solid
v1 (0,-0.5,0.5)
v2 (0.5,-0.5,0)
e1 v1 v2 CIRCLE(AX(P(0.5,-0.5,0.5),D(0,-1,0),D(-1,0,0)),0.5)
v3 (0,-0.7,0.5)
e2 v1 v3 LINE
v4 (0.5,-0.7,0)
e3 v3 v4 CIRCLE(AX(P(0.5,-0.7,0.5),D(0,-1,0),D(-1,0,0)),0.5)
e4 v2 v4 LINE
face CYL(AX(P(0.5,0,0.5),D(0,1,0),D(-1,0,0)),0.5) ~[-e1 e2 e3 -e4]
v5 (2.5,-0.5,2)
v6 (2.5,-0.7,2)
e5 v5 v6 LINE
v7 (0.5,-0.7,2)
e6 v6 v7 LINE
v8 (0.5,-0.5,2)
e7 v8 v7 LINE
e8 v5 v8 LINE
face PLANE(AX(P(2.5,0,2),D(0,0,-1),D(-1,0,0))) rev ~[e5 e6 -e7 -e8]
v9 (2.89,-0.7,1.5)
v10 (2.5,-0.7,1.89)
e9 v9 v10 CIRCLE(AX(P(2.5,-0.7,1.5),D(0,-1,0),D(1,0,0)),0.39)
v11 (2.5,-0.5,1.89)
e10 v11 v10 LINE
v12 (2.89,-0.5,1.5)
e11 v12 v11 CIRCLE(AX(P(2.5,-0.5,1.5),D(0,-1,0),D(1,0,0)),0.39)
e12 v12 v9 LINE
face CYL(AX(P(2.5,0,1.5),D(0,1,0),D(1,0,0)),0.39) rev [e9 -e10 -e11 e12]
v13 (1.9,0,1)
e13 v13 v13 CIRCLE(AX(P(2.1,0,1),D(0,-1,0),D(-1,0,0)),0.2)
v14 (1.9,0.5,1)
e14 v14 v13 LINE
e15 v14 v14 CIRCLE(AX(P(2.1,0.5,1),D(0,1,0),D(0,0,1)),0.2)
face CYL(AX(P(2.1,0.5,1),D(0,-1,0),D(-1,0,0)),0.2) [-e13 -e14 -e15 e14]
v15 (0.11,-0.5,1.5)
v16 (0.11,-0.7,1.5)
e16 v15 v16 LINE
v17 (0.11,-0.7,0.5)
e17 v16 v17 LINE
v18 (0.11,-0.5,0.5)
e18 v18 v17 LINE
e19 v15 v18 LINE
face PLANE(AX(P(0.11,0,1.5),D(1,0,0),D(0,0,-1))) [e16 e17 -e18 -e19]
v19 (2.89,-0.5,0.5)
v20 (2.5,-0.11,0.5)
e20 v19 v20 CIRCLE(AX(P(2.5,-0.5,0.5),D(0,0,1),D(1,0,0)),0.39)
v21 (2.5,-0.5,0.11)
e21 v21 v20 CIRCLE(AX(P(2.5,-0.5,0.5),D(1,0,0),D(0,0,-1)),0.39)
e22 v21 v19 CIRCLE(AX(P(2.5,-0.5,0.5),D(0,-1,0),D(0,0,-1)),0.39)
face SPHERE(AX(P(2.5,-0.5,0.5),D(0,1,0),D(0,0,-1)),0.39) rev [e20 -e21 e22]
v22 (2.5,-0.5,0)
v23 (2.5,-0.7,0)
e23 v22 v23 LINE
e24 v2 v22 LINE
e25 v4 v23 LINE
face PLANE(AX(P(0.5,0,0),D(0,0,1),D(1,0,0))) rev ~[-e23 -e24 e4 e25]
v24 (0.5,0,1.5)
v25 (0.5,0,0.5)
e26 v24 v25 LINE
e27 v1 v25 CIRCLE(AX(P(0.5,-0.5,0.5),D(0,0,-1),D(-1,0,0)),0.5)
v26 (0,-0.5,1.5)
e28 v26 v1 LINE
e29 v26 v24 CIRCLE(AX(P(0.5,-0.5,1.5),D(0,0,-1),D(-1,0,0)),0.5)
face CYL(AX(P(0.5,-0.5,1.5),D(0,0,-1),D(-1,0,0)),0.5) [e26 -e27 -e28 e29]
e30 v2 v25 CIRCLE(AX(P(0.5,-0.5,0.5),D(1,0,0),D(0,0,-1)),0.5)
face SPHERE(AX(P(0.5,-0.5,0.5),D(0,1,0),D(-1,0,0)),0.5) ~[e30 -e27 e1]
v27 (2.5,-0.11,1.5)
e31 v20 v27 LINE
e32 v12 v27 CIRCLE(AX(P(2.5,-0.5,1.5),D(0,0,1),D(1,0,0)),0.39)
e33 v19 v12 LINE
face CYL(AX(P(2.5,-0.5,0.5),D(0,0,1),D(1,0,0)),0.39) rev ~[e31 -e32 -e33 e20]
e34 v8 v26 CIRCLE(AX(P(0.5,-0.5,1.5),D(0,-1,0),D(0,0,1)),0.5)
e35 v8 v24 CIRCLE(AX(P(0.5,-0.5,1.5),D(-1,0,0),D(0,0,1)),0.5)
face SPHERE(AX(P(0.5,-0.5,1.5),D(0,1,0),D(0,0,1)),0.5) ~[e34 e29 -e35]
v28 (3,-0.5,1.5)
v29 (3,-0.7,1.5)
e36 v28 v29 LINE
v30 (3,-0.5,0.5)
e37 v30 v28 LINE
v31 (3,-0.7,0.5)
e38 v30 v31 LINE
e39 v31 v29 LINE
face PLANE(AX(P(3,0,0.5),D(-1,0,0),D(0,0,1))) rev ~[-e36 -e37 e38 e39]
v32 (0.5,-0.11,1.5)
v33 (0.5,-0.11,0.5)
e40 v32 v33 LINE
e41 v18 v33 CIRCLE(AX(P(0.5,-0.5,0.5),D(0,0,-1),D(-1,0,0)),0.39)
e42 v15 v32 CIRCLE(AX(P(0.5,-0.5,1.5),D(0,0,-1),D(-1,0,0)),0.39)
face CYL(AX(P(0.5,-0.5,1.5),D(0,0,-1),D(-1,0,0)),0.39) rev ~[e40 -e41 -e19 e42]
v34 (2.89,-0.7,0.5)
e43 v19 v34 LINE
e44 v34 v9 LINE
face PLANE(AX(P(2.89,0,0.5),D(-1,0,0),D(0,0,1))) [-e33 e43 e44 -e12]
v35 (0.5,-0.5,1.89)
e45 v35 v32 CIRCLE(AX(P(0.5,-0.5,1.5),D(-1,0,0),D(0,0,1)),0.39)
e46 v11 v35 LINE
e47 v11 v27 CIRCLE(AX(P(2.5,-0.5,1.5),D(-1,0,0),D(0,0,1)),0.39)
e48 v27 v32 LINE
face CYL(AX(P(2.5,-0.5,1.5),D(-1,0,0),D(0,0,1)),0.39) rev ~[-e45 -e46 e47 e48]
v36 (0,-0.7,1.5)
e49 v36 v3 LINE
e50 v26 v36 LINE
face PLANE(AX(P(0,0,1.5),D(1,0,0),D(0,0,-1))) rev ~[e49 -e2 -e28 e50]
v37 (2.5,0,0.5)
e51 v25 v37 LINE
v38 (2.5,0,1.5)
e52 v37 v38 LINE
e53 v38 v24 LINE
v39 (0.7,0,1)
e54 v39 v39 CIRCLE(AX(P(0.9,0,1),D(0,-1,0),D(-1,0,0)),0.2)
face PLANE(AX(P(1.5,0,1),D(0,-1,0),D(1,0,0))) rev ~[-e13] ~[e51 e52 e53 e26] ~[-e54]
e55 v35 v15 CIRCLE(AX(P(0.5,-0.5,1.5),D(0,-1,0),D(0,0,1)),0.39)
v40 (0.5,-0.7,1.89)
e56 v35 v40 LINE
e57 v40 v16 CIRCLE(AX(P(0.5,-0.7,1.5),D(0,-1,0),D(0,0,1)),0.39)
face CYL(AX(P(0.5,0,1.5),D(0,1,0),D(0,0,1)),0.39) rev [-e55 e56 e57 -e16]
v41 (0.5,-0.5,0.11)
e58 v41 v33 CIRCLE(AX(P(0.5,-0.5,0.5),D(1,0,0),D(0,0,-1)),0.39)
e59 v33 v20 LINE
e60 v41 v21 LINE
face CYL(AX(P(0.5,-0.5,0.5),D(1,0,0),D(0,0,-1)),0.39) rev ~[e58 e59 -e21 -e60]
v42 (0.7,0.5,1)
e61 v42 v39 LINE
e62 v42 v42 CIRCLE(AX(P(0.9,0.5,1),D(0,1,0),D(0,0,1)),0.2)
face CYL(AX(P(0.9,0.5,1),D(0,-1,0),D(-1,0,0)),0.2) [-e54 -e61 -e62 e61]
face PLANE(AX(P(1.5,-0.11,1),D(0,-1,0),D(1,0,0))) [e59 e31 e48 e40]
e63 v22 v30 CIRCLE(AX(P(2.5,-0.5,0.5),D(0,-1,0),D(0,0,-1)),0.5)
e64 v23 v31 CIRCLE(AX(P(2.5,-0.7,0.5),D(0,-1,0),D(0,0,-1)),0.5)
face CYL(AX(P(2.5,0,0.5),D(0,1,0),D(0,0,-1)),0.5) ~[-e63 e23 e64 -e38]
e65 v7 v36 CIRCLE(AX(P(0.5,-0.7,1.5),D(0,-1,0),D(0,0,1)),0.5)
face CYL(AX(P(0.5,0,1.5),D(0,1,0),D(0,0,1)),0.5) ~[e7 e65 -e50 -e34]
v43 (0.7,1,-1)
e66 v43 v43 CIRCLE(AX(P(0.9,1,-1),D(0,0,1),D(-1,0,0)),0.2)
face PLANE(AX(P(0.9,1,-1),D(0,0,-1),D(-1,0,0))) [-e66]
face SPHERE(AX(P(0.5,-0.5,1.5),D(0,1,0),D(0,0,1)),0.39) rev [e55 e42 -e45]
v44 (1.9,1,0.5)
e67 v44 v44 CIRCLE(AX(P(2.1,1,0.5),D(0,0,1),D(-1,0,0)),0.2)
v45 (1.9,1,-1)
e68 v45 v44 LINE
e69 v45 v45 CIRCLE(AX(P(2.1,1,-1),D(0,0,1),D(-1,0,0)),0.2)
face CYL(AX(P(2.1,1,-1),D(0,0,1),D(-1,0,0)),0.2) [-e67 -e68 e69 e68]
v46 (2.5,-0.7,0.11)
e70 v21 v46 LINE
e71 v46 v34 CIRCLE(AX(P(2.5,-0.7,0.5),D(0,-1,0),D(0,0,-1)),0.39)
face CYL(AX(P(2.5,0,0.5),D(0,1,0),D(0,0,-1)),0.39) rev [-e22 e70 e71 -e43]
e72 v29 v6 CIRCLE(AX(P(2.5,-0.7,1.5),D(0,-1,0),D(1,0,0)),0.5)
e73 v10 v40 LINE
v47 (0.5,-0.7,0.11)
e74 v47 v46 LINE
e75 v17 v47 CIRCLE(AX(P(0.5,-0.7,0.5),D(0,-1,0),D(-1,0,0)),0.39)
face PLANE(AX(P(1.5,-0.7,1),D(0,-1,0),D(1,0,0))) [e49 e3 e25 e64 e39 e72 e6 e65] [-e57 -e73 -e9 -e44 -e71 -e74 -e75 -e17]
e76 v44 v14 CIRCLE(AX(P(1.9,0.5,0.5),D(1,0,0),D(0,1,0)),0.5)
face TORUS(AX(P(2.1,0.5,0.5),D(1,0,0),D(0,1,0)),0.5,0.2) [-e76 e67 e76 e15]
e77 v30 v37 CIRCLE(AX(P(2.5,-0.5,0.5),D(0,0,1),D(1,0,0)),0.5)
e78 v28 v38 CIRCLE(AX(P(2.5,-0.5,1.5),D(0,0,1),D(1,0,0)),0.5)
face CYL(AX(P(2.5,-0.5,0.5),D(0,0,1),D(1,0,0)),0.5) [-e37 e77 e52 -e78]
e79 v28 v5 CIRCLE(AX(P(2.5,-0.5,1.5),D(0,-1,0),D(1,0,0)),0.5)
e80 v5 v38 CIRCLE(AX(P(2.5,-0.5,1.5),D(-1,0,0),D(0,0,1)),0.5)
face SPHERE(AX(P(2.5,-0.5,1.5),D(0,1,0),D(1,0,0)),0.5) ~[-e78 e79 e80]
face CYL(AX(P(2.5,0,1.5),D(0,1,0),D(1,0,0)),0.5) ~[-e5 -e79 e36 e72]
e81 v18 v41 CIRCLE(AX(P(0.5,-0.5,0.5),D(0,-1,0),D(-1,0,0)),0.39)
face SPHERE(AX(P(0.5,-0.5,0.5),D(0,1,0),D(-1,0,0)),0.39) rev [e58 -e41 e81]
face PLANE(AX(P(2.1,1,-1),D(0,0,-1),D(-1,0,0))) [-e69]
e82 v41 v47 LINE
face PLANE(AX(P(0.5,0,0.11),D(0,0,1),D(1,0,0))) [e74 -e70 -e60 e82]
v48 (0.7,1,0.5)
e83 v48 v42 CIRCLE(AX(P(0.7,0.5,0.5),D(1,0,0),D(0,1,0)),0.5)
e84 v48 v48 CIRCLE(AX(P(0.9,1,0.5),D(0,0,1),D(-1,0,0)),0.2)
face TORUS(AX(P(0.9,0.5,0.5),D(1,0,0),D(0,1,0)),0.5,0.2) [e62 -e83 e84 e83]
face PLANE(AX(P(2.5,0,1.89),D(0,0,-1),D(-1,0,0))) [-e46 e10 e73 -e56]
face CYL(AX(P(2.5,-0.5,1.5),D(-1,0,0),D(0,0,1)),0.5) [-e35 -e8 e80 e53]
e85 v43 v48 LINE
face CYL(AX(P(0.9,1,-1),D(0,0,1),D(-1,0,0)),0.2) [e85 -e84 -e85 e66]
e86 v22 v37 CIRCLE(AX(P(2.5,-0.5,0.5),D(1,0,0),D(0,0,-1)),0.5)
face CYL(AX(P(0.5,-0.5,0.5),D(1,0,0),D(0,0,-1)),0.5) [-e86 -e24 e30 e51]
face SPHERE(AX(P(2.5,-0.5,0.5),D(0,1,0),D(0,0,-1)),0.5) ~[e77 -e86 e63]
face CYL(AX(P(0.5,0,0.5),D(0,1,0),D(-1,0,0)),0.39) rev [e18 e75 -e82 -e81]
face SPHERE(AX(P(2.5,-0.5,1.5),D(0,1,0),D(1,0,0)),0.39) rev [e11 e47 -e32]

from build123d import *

# Parameters (mm, degrees)
F1_DEPTH = 0.7
F2_R     = 0.5
F3_T     = -0.11
F6_R     = 0.2


with BuildPart() as f1:
    # F0 (on Front) → F1 (new body)
    with BuildSketch(Plane.XZ):
        with BuildLine():
            ThreePointArc((0, 0.5), (0.1464466094, 0.1464466094), (0.5, 0))
            Line((0.5, 0), (2.5, 0))
            ThreePointArc((2.5, 0), (2.8535533906, 0.1464466094), (3, 0.5))
            Line((3, 0.5), (3, 1.5))
            ThreePointArc((3, 1.5), (2.8535533906, 1.8535533906), (2.5, 2))
            Line((2.5, 2), (0.5, 2))
            ThreePointArc((0.5, 2), (0.1464466094, 1.8535533906), (0, 1.5))
            Line((0, 1.5), (0, 0.5))
        make_face()
    extrude(amount=F1_DEPTH)

    # F2
    f2_edges = [f1.edges().sort_by_distance(p)[0] for p in [
        (0, 0, 1),
        (0.146447, 0, 0.146447),
        (1.5, 0, 0),
        (2.853553, 0, 0.146447),
        (3, 0, 1),
        (2.853553, 0, 1.853553),
        (1.5, 0, 2),
        (0.146447, 0, 1.853553),
    ]]
    fillet(f2_edges, radius=F2_R)

    # F3
    f3_openings = [f1.faces().sort_by_distance(p)[0] for p in [
        (1.5, -0.7, 1),
    ]]
    offset(amount=F3_T, openings=f3_openings)

    # F7: sweep along a path in F5
    with BuildLine(Plane.YZ.offset(1.5)) as f7_path:
        Line((1, -1), (1, 0.5))
        ThreePointArc((1, 0.5), (0.8535533906, 0.8535533906), (0.5, 1))
        Line((0.5, 1), (0, 1))
    # F6 (on face) → F7 (sweep)
    with BuildSketch(Plane(origin=(0, 0, 0), x_dir=(-1, 0, 0), z_dir=(0, 1, 0))):
        with Locations((-2.1, 1)):
            Circle(F6_R)
        with Locations((-0.9, 1)):
            Circle(F6_R)
    sweep(path=f7_path.line)


solid = f1.part
